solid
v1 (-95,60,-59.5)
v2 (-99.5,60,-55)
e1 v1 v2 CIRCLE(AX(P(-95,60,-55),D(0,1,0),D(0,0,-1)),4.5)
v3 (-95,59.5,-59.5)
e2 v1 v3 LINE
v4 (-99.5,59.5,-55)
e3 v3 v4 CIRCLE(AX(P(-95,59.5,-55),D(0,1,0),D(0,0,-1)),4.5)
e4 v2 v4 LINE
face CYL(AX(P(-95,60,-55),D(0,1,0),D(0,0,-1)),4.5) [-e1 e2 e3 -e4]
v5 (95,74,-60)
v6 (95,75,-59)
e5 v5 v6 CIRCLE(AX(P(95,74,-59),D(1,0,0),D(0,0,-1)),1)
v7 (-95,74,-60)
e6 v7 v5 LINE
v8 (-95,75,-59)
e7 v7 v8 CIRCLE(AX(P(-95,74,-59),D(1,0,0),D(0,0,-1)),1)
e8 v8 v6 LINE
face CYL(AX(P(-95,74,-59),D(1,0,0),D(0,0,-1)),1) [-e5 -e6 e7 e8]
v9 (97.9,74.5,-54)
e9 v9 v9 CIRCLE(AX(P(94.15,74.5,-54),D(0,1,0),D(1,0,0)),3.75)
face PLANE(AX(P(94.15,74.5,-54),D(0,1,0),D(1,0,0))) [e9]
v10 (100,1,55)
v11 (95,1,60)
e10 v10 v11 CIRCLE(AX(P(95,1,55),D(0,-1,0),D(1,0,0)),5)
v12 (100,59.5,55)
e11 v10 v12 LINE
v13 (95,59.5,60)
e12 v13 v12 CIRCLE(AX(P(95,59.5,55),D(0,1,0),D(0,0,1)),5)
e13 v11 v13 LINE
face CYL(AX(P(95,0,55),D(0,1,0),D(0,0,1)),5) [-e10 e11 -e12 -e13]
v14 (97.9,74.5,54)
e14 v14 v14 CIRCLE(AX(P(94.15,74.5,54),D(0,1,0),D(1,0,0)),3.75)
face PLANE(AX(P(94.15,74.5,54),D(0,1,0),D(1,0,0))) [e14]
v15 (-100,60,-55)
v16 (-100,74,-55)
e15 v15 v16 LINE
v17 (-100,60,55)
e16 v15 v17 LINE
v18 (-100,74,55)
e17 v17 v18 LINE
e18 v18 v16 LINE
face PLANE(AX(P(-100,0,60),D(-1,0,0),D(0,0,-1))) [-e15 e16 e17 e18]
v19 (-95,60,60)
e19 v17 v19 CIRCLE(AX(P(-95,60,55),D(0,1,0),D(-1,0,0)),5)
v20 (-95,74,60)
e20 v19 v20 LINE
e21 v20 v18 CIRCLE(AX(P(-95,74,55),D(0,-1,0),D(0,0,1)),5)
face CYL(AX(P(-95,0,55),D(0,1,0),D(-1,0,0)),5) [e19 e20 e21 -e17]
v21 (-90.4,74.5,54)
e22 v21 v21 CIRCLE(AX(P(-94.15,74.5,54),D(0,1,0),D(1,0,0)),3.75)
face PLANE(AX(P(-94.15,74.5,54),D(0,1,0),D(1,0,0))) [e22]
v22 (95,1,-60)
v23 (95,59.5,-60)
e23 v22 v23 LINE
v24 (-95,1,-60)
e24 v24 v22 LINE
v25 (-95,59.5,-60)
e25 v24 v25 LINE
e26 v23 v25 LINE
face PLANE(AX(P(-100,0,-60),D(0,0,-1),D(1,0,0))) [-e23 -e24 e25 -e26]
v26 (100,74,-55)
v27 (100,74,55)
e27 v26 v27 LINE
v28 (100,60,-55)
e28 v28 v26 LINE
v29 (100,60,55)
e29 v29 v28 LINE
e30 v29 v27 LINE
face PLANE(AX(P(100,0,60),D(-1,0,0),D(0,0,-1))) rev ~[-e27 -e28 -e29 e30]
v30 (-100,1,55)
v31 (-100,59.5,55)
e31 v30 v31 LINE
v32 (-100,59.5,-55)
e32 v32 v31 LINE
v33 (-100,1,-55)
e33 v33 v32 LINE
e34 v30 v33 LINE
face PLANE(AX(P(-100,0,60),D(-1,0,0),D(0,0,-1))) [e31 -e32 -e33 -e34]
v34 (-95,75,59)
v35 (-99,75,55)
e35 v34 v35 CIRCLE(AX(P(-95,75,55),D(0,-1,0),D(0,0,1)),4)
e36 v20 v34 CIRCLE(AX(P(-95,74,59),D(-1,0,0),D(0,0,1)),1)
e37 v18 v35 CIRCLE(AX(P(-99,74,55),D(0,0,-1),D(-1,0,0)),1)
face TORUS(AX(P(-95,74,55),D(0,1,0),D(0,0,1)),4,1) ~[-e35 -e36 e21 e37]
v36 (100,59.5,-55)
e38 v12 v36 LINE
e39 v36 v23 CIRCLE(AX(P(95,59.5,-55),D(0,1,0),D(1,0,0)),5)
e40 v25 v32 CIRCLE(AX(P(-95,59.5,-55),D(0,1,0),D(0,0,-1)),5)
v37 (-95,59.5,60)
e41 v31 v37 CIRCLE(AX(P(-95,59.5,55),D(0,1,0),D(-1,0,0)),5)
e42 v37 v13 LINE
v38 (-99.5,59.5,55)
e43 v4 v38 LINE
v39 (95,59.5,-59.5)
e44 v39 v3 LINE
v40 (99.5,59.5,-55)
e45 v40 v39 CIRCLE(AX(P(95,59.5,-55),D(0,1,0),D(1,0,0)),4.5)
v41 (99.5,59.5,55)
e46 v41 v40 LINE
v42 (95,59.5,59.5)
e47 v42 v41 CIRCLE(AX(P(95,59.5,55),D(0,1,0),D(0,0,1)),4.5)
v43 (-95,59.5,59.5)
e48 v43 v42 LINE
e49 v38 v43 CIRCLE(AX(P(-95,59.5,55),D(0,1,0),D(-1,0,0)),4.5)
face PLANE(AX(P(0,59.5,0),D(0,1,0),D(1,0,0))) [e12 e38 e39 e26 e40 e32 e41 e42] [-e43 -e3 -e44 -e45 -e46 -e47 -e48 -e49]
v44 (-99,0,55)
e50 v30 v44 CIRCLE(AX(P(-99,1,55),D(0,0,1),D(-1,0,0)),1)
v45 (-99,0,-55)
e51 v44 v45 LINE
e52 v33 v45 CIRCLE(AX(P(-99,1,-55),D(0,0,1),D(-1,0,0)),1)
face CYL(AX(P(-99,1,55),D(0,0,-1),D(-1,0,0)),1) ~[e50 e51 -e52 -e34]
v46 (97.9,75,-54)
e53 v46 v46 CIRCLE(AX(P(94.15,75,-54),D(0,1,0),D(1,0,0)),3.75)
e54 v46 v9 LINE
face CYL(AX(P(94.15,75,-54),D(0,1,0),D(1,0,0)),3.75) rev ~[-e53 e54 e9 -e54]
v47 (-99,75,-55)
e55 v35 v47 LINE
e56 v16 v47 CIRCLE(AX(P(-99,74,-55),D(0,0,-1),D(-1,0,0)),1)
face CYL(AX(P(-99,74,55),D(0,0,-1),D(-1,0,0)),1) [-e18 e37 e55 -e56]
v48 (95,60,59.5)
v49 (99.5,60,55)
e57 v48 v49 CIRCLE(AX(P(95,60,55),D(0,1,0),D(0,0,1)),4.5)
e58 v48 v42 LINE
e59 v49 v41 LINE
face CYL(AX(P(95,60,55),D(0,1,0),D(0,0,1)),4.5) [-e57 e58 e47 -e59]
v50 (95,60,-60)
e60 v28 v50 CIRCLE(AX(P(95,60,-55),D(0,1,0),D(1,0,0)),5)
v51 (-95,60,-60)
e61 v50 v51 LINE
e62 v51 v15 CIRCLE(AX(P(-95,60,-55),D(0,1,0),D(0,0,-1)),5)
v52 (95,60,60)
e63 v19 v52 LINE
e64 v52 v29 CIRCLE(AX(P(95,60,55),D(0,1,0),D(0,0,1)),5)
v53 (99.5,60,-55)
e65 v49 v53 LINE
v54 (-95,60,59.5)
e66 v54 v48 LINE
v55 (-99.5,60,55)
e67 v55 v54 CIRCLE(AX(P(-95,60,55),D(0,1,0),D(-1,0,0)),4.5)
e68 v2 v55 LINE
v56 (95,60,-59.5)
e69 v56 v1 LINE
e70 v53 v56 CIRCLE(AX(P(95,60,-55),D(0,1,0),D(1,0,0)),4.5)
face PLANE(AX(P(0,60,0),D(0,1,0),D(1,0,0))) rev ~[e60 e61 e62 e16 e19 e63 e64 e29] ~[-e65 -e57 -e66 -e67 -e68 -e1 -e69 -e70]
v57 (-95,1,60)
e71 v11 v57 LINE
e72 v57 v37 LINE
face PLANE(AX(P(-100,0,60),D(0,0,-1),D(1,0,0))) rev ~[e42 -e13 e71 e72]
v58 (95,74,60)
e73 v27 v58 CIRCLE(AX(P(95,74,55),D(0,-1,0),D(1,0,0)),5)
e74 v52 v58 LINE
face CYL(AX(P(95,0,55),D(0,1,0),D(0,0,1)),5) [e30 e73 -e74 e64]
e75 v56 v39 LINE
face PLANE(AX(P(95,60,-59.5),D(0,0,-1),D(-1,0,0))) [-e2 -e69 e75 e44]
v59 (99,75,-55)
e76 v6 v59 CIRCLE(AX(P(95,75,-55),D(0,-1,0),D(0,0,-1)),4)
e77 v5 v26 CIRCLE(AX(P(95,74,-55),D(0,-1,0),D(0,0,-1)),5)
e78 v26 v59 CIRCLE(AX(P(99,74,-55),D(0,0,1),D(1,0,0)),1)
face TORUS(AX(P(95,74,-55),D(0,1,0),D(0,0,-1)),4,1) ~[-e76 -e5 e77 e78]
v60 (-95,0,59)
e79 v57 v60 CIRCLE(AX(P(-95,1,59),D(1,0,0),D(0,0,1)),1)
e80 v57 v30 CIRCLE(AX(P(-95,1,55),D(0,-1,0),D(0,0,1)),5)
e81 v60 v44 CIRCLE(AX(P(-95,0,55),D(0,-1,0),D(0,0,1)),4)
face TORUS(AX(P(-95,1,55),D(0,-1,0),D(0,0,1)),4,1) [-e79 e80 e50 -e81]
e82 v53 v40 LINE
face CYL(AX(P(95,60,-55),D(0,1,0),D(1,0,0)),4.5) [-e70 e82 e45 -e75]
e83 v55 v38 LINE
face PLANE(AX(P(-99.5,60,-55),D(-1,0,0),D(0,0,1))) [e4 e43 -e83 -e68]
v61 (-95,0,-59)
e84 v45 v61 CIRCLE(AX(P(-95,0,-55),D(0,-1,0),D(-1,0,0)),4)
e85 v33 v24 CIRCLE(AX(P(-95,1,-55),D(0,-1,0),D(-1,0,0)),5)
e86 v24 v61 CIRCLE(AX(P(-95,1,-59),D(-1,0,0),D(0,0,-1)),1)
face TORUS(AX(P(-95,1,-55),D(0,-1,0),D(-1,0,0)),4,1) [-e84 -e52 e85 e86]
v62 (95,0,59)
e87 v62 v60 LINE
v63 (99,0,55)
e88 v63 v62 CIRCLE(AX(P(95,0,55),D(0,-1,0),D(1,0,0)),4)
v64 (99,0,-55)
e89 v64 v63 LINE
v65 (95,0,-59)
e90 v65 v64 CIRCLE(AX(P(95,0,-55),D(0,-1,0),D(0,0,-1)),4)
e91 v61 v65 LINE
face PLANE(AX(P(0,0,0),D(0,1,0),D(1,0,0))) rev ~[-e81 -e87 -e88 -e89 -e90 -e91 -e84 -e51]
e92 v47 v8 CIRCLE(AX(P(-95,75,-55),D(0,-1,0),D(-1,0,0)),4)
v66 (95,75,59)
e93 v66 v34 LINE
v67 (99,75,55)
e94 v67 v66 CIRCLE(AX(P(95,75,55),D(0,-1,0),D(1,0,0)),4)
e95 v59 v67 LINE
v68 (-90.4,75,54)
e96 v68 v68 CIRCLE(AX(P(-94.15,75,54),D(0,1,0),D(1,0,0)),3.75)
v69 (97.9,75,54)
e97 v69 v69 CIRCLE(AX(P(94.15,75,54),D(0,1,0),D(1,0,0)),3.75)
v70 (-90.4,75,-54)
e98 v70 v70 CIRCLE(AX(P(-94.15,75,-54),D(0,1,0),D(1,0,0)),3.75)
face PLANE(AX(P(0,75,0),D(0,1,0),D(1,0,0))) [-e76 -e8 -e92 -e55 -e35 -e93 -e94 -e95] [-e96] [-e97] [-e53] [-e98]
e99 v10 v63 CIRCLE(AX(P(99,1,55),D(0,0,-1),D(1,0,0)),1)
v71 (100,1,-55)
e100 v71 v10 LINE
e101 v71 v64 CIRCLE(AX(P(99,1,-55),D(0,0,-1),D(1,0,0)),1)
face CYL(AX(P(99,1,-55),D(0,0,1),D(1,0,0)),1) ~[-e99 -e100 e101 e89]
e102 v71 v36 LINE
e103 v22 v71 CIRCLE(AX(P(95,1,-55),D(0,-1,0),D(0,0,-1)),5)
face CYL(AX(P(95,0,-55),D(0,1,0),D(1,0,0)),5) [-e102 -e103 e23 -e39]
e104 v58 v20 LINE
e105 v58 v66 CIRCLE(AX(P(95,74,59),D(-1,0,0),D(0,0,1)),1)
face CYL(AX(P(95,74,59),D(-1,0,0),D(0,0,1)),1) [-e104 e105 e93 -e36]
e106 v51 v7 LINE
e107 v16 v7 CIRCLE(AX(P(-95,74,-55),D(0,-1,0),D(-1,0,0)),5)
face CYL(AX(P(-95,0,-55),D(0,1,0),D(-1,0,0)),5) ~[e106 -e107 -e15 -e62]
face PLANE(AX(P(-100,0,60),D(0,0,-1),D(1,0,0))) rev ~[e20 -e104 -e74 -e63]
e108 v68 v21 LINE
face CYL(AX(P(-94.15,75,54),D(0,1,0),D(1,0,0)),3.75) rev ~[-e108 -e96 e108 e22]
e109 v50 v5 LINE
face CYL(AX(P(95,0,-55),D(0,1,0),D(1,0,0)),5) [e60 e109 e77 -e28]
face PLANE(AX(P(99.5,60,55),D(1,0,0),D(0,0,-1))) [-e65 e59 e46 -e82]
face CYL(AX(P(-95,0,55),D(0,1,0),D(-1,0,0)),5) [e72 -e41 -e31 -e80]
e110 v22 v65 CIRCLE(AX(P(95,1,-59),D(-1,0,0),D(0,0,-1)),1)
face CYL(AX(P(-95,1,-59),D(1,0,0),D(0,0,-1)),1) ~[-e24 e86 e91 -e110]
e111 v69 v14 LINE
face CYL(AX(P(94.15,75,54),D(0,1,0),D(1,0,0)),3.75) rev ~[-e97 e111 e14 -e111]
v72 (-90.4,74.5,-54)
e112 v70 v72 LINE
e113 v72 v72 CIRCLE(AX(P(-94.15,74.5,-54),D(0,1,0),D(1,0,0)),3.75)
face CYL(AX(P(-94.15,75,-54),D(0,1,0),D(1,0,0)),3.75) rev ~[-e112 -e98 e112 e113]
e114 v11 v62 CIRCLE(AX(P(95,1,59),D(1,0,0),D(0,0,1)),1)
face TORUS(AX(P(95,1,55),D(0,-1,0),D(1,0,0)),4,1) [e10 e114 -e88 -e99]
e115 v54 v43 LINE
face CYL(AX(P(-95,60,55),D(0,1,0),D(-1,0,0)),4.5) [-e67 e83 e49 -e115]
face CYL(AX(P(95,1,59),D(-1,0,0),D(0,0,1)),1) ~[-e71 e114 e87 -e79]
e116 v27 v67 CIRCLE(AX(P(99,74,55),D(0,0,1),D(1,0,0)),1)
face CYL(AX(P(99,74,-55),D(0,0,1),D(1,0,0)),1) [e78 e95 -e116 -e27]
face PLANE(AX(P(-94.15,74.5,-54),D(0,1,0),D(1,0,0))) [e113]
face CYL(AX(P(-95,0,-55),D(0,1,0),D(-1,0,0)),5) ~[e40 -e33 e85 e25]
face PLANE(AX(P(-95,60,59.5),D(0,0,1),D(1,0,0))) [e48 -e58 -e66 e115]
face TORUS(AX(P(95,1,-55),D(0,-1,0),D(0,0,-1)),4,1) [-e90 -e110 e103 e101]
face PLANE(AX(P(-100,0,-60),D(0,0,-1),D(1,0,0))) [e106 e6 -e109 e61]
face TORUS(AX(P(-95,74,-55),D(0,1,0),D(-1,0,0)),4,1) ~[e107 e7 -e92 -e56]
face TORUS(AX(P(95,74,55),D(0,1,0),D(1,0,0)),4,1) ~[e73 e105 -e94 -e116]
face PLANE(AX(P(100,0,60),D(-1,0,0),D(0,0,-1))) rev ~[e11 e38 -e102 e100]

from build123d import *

# Parameters (mm, degrees)
SKETCH1_W           = 200
SKETCH1_H           = 120
BOSS_EXTRUDE1_DEPTH = 75
FILLET1_R           = 5
CUT_EXTRUDE2_DEPTH  = 0.5
SKETCH4_R           = 3.75
CUT_EXTRUDE3_DEPTH  = 0.5
FILLET2_R           = 1


with BuildPart() as part:
    # Sketch1 → Boss-Extrude1 (new body)
    with BuildSketch(Plane(origin=(0, 0, 0), x_dir=(1, 0, 0), z_dir=(0, 1, 0))):
        Rectangle(SKETCH1_W, SKETCH1_H)
    extrude(amount=BOSS_EXTRUDE1_DEPTH)

    # Fillet1
    fillet1_edges = [part.edges().sort_by_distance(p)[0] for p in [
        (-100, 37.5, -60),
        (100, 37.5, -60),
        (100, 37.5, 60),
        (-100, 37.5, 60),
    ]]
    fillet(fillet1_edges, radius=FILLET1_R)

    # Sketch3 → Cut-Extrude2 (cut)
    with BuildSketch(Plane(origin=(0, 60, 0), x_dir=(1, 0, 0), z_dir=(0, 1, 0))):
        with BuildLine():
            Line((95, 60), (-95, 60))
            ThreePointArc((-95, 60), (-98.535533906, 58.535533906), (-100, 55))
            Line((-100, 55), (-100, -55))
            ThreePointArc((-100, -55), (-98.535533906, -58.535533906), (-95, -60))
            Line((-95, -60), (95, -60))
            ThreePointArc((95, -60), (98.535533906, -58.535533906), (100, -55))
            Line((100, -55), (100, 55))
            ThreePointArc((100, 55), (98.535533906, 58.535533906), (95, 60))
        make_face()
        with BuildLine():
            Line((95, 59.5), (-95, 59.5))
            ThreePointArc((-95, 59.5), (-98.181980515, 58.181980515), (-99.5, 55))
            Line((-99.5, 55), (-99.5, -55))
            ThreePointArc((-99.5, -55), (-98.181980515, -58.181980515), (-95, -59.5))
            Line((-95, -59.5), (95, -59.5))
            ThreePointArc((95, -59.5), (98.181980515, -58.181980515), (99.5, -55))
            Line((99.5, -55), (99.5, 55))
            ThreePointArc((99.5, 55), (98.181980515, 58.181980515), (95, 59.5))
        make_face(mode=Mode.SUBTRACT)
    extrude(amount=-CUT_EXTRUDE2_DEPTH, mode=Mode.SUBTRACT)

    # Sketch4 → Cut-Extrude3 (cut)
    with BuildSketch(Plane(origin=(0, 75, 0), x_dir=(1, 0, 0), z_dir=(0, 1, 0))):
        with Locations((-94.15, 54)):
            Circle(SKETCH4_R)
        with Locations((94.15, 54)):
            Circle(SKETCH4_R)
        with Locations((94.15, -54)):
            Circle(SKETCH4_R)
        with Locations((-94.15, -54)):
            Circle(SKETCH4_R)
    extrude(amount=-CUT_EXTRUDE3_DEPTH, mode=Mode.SUBTRACT)

    # Fillet2
    fillet2_edges = [part.edges().sort_by_distance(p)[0] for p in [
        (-100, 0, 0),
        (-100, 75, 0),
        (0, 0, -60),
        (100, 0, 0),
        (0, 0, 60),
        (-98.535533906, 0, 58.535533906),
        (98.535533906, 0, 58.535533906),
        (98.535533906, 0, -58.535533906),
        (-98.535533906, 0, -58.535533906),
        (0, 75, -60),
        (0, 75, 60),
        (100, 75, 0),
        (-98.535533906, 75, 58.535533906),
        (98.535533906, 75, 58.535533906),
        (98.535533906, 75, -58.535533906),
        (-98.535533906, 75, -58.535533906),
    ]]
    fillet(fillet2_edges, radius=FILLET2_R)


solid = part.part
